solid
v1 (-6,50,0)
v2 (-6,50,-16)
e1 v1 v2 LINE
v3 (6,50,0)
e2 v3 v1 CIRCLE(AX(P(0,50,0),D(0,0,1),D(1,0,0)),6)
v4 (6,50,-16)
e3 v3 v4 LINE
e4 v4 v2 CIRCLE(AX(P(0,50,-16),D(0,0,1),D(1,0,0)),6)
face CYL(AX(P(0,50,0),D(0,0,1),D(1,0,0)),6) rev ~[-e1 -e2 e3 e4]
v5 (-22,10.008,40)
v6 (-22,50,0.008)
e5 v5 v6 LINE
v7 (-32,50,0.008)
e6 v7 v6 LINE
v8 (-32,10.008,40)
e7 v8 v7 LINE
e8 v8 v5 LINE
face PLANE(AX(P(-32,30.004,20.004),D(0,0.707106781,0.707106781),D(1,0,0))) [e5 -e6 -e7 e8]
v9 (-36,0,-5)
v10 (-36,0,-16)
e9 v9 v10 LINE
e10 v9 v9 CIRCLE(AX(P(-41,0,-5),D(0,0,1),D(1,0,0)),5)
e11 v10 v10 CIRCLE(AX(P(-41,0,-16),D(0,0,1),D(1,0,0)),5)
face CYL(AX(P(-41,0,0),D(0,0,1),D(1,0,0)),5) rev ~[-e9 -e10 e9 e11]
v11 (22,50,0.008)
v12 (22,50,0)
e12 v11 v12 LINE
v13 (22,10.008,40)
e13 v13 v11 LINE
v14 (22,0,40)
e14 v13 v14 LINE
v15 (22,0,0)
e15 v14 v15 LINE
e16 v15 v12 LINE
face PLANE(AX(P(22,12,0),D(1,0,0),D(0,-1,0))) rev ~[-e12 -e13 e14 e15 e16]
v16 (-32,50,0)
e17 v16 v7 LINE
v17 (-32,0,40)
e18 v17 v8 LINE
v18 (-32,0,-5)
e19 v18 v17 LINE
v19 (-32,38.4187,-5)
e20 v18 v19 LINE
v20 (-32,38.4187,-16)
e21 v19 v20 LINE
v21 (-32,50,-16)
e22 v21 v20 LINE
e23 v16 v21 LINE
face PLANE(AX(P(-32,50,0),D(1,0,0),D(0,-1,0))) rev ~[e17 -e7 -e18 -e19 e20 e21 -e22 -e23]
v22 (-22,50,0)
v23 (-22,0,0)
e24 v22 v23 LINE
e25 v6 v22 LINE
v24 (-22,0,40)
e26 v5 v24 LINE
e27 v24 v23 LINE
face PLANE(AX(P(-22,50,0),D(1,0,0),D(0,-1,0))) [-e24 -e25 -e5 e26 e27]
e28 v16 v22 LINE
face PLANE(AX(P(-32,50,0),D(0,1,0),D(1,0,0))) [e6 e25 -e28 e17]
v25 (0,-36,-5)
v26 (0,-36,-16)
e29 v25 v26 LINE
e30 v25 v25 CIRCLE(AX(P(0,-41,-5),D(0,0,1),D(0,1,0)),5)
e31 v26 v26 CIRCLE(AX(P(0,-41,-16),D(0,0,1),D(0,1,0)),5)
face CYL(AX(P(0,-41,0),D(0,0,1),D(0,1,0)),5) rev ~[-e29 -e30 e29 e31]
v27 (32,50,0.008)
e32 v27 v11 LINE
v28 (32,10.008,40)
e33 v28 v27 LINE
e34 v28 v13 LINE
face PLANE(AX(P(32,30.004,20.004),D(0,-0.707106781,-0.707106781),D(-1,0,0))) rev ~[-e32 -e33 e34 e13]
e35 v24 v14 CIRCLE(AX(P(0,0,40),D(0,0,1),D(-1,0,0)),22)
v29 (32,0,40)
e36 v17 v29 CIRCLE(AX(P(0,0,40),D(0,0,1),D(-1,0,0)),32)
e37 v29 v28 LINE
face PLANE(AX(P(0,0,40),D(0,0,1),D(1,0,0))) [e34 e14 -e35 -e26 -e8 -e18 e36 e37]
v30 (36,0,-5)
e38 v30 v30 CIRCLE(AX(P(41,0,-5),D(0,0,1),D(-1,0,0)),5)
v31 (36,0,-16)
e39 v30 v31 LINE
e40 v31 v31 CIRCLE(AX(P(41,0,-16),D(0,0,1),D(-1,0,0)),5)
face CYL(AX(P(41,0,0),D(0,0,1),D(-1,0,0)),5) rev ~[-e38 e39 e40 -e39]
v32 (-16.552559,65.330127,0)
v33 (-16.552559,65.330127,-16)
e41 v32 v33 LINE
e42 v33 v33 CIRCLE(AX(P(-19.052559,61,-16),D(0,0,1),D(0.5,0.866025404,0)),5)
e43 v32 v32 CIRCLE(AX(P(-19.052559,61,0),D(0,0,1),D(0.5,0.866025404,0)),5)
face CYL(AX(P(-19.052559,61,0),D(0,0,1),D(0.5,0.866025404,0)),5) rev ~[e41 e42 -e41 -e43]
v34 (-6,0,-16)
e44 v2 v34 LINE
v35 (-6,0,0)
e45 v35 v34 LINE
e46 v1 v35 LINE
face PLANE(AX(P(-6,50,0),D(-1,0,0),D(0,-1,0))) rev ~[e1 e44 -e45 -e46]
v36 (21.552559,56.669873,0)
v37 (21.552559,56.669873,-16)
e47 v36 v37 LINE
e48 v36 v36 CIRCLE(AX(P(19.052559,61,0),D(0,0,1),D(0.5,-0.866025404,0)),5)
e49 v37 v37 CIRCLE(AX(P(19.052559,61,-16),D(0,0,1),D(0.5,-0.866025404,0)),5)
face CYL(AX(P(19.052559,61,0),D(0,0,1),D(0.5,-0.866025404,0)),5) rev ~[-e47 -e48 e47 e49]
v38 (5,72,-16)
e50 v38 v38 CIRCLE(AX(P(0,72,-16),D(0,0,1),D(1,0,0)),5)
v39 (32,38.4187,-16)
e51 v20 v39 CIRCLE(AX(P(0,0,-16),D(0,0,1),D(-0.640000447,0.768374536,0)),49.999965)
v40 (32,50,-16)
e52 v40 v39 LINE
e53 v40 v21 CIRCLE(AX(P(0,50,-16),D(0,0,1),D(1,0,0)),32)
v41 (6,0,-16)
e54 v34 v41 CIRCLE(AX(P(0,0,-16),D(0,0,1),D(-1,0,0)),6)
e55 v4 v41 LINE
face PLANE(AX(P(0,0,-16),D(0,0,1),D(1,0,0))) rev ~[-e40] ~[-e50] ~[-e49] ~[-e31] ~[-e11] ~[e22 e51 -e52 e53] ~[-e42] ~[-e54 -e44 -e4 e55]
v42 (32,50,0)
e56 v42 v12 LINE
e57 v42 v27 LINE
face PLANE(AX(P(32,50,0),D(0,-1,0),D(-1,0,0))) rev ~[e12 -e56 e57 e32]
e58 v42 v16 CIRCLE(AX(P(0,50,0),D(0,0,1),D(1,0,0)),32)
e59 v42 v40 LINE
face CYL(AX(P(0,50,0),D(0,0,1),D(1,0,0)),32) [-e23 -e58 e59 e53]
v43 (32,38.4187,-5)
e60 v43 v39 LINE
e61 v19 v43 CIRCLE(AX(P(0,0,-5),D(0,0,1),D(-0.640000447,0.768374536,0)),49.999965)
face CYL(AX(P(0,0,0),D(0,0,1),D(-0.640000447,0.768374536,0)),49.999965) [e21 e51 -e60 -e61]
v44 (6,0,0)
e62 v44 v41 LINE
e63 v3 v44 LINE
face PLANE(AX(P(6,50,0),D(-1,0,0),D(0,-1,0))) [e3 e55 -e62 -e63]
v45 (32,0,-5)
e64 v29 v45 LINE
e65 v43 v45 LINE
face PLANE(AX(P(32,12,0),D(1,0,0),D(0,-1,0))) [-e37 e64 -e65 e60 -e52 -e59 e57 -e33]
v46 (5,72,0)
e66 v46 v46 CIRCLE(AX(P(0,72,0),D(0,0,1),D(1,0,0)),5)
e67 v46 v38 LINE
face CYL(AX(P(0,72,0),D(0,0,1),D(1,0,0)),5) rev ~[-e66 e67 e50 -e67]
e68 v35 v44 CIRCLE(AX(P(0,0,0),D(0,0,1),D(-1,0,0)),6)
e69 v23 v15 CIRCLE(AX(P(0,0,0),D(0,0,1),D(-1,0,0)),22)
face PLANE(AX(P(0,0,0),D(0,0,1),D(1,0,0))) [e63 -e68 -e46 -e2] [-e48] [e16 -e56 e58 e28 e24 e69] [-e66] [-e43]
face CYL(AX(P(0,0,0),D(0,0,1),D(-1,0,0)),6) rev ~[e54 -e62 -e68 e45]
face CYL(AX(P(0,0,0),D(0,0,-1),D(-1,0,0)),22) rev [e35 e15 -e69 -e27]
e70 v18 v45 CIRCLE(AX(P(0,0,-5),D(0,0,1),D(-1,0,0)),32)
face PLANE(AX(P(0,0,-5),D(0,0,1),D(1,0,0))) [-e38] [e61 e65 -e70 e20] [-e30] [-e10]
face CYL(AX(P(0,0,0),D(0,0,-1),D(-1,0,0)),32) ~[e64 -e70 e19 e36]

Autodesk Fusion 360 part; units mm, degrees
sketch "Sketch1" plane through (0, 0, 0) normal (0, 0, 1) x (1, 0, 0)
  circle A0 centre (-41, 0) radius 5
  line L0 (-32, 50) -> (-32, 0)
  line L1 (32, 50) -> (32, 0)
  arc A1 (-32, 38.4187) -> (32, 38.4187) centre (0, 0) ccw
  arc A2 (-32, 25.632) -> (32, 25.632) centre (0, 0) ccw construction
  arc A3 (-32, 0) -> (32, 0) centre (0, 0) ccw
  arc A4 (32, 50) -> (-32, 50) centre (0, 50) ccw
  circle A5 centre (0, 50) radius 22 construction
  circle A6 centre (0, 72) radius 5
  line L2 (6, 50) -> (6, 0)
  line L3 (-6, 50) -> (-6, 0)
  arc A7 (-6, 0) -> (6, 0) centre (0, 0) ccw
  arc A8 (6, 50) -> (-6, 50) centre (0, 50) ccw
  line L4 (-32, 50) -> (-22, 50)
  line L5 (32, 50) -> (22, 50)
  line L6 (-22, 50) -> (-22, 0)
  line L7 (22, 50) -> (22, 0)
  arc A9 (-22, 0) -> (22, 0) centre (0, 0) ccw
  line L8 (-32, 12) -> (-22, 12)
  line L9 (22, 12) -> (32, 12)
  dimension "d1" = 100
  dimension "d2" = 82
  dimension "d3" = 10
  dimension "d4" = 41
  dimension "d5" = 64
  dimension "d6" = 64
  dimension "d7" = 50
  dimension "d8" = 50
  dimension "d9" = 12
  dimension "d10" = 12
  dimension "d11" = 44
  dimension "d12" = 44
  dimension "d13" = 10
  dimension "d14" = 22
  dimension "d15" = 12
  dimension "d16" = 12
extrude "Extrude1" add sketch "Sketch1" against normal blind 16 contours A0 | L0 L1 A1 A3 makes body 1
extrude "Extrude3" cut sketch "Sketch1" against normal blind 5 contours A0 | L0 L1 A1 A3 bodies 1
extrude "Extrude2" add sketch "Sketch1" against normal blind 16 separate body contours A4 L4 L5 L6 L7 A9 | A6 makes body 2
extrude "Extrude4" add sketch "Sketch1" along normal blind 40 and the other way up to surface (16 mm away) contours L0 L4 L6 L8 | L1 L5 L7 L9 | L0 L1 A3 L6 L7 A9 L8 L9 bodies 1 2
chamfer "Chamfer1" distance 40 angle 45 2 edges at (-27, 50, 40) (27, 50, 40) on bodies 1
extrude "Extrude6" cut sketch "Sketch1" against normal through all contours A0 bodies 1
extrude "Extrude7" cut sketch "Sketch1" against normal through all contours A6 bodies 1
pattern_circular "C-Pattern1" count 3 over 180 about axis through (0, 0, 1.75) along (0, 0, 1) of "Extrude6"
pattern_circular "C-Pattern2" count 3 over 120 about axis through (0, 50, 0) along (0, 0, -1) both ways of "Extrude7"
equation "d4 = d2 / 2"
equation "d14 = d11 / 2"
